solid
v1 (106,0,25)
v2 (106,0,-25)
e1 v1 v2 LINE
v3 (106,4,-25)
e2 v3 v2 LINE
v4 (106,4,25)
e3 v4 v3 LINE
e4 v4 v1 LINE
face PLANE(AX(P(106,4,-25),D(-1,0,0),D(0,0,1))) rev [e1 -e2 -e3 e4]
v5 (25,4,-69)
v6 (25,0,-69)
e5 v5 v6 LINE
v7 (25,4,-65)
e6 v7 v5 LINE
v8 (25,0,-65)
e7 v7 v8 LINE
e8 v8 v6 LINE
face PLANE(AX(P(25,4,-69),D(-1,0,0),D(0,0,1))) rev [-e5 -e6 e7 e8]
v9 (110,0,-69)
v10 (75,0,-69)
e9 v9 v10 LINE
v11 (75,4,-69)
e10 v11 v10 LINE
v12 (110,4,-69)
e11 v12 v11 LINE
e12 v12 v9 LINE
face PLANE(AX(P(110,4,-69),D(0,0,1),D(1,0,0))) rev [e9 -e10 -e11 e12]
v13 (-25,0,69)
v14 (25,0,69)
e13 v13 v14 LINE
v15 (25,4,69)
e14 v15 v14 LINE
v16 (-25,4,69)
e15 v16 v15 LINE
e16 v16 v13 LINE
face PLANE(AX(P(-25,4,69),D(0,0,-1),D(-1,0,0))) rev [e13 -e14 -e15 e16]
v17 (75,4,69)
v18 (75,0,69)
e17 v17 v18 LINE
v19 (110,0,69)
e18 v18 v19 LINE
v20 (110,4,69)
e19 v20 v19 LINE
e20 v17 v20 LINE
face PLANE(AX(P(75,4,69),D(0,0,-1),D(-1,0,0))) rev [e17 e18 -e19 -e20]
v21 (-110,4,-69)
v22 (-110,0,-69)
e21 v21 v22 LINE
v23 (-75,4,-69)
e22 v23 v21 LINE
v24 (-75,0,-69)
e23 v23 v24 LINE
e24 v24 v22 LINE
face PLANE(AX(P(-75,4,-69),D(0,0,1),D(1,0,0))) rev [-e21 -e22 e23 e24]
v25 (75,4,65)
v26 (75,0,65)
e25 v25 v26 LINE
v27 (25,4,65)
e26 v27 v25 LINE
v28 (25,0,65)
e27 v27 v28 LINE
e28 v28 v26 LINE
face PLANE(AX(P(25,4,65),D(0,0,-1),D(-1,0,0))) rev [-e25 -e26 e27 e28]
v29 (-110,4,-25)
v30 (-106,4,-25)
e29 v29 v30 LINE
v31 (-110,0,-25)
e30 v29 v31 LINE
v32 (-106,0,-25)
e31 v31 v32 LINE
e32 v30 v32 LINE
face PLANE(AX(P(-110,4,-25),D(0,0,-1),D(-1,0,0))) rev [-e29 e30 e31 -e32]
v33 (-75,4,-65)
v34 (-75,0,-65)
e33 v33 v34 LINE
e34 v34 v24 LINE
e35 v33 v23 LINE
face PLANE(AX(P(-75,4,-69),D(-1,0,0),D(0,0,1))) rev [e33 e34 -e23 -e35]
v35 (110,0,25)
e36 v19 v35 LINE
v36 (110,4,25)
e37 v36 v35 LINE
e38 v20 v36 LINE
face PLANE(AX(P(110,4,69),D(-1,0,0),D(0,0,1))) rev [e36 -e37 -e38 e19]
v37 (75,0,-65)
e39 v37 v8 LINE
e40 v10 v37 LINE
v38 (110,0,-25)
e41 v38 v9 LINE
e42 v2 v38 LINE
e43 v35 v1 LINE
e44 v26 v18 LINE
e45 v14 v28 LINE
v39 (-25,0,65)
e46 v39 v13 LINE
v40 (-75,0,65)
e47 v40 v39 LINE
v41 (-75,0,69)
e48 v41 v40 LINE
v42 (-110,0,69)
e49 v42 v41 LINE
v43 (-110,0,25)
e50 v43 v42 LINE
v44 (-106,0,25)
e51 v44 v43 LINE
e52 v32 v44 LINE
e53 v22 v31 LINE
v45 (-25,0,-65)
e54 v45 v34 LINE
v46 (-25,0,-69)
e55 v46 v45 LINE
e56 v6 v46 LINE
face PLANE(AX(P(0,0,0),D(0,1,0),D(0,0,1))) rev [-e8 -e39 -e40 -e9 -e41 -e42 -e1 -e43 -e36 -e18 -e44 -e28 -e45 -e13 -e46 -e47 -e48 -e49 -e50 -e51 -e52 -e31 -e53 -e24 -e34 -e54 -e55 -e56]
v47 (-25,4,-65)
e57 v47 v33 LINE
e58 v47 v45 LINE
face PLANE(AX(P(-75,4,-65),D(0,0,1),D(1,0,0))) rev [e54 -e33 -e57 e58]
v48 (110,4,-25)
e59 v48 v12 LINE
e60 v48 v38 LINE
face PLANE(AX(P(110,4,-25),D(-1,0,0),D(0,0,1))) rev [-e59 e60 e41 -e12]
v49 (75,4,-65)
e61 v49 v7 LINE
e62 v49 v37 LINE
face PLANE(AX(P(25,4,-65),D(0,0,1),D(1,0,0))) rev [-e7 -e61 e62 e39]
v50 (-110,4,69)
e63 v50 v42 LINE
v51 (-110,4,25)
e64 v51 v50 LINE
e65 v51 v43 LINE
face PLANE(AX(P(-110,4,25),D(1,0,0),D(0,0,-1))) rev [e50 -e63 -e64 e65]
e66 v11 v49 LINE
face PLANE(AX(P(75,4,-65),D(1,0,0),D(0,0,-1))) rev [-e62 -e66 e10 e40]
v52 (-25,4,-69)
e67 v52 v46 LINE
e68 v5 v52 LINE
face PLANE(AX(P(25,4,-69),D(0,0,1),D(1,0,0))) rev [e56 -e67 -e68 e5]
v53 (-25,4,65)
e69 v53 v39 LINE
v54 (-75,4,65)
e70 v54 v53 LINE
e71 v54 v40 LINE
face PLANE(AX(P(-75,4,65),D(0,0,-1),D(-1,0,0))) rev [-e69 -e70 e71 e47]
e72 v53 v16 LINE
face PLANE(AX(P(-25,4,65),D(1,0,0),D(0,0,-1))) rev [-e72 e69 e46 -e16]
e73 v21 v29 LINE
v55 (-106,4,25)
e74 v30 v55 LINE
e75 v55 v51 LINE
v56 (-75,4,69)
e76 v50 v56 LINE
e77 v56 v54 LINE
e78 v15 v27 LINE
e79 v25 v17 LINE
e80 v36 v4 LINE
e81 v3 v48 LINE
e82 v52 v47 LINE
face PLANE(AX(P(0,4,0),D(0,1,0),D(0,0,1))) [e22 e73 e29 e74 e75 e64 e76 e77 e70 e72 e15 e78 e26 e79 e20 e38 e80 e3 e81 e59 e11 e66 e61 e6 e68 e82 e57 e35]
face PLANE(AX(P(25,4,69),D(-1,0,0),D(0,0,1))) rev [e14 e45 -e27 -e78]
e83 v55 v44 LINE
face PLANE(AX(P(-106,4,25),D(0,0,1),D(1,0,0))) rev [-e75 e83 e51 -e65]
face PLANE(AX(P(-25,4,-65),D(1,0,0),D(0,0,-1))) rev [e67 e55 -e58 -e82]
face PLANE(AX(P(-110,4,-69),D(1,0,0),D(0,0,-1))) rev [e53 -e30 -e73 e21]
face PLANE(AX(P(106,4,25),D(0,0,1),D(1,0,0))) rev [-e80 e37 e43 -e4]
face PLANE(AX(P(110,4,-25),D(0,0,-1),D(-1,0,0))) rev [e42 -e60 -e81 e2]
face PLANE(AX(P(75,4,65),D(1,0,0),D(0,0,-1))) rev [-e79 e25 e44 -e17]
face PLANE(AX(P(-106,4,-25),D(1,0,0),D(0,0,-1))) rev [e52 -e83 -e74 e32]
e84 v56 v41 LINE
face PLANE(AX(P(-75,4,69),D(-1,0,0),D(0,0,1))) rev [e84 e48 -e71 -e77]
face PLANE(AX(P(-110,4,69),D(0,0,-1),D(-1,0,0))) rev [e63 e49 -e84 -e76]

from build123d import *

# Parameters (mm, degrees)
BOSS_EXTRUDE1_DEPTH = 4


with BuildPart() as part:
    # Sketch2 → Boss-Extrude1 (new body)
    with BuildSketch(Plane(origin=(0, 0, 0), x_dir=(1, 0, 0), z_dir=(0, 1, 0))):
        Polygon((-110, 69), (-110, 25), (-106, 25), (-106, -25), (-110, -25), (-110, -69), (-75, -69), (-75, -65), (-25, -65), (-25, -69), (25, -69), (25, -65), (75, -65), (75, -69), (110, -69), (110, -25), (106, -25), (106, 25), (110, 25), (110, 69), (75, 69), (75, 65), (25, 65), (25, 69), (-25, 69), (-25, 65), (-75, 65), (-75, 69), align=None)
    extrude(amount=BOSS_EXTRUDE1_DEPTH)


solid = part.part
